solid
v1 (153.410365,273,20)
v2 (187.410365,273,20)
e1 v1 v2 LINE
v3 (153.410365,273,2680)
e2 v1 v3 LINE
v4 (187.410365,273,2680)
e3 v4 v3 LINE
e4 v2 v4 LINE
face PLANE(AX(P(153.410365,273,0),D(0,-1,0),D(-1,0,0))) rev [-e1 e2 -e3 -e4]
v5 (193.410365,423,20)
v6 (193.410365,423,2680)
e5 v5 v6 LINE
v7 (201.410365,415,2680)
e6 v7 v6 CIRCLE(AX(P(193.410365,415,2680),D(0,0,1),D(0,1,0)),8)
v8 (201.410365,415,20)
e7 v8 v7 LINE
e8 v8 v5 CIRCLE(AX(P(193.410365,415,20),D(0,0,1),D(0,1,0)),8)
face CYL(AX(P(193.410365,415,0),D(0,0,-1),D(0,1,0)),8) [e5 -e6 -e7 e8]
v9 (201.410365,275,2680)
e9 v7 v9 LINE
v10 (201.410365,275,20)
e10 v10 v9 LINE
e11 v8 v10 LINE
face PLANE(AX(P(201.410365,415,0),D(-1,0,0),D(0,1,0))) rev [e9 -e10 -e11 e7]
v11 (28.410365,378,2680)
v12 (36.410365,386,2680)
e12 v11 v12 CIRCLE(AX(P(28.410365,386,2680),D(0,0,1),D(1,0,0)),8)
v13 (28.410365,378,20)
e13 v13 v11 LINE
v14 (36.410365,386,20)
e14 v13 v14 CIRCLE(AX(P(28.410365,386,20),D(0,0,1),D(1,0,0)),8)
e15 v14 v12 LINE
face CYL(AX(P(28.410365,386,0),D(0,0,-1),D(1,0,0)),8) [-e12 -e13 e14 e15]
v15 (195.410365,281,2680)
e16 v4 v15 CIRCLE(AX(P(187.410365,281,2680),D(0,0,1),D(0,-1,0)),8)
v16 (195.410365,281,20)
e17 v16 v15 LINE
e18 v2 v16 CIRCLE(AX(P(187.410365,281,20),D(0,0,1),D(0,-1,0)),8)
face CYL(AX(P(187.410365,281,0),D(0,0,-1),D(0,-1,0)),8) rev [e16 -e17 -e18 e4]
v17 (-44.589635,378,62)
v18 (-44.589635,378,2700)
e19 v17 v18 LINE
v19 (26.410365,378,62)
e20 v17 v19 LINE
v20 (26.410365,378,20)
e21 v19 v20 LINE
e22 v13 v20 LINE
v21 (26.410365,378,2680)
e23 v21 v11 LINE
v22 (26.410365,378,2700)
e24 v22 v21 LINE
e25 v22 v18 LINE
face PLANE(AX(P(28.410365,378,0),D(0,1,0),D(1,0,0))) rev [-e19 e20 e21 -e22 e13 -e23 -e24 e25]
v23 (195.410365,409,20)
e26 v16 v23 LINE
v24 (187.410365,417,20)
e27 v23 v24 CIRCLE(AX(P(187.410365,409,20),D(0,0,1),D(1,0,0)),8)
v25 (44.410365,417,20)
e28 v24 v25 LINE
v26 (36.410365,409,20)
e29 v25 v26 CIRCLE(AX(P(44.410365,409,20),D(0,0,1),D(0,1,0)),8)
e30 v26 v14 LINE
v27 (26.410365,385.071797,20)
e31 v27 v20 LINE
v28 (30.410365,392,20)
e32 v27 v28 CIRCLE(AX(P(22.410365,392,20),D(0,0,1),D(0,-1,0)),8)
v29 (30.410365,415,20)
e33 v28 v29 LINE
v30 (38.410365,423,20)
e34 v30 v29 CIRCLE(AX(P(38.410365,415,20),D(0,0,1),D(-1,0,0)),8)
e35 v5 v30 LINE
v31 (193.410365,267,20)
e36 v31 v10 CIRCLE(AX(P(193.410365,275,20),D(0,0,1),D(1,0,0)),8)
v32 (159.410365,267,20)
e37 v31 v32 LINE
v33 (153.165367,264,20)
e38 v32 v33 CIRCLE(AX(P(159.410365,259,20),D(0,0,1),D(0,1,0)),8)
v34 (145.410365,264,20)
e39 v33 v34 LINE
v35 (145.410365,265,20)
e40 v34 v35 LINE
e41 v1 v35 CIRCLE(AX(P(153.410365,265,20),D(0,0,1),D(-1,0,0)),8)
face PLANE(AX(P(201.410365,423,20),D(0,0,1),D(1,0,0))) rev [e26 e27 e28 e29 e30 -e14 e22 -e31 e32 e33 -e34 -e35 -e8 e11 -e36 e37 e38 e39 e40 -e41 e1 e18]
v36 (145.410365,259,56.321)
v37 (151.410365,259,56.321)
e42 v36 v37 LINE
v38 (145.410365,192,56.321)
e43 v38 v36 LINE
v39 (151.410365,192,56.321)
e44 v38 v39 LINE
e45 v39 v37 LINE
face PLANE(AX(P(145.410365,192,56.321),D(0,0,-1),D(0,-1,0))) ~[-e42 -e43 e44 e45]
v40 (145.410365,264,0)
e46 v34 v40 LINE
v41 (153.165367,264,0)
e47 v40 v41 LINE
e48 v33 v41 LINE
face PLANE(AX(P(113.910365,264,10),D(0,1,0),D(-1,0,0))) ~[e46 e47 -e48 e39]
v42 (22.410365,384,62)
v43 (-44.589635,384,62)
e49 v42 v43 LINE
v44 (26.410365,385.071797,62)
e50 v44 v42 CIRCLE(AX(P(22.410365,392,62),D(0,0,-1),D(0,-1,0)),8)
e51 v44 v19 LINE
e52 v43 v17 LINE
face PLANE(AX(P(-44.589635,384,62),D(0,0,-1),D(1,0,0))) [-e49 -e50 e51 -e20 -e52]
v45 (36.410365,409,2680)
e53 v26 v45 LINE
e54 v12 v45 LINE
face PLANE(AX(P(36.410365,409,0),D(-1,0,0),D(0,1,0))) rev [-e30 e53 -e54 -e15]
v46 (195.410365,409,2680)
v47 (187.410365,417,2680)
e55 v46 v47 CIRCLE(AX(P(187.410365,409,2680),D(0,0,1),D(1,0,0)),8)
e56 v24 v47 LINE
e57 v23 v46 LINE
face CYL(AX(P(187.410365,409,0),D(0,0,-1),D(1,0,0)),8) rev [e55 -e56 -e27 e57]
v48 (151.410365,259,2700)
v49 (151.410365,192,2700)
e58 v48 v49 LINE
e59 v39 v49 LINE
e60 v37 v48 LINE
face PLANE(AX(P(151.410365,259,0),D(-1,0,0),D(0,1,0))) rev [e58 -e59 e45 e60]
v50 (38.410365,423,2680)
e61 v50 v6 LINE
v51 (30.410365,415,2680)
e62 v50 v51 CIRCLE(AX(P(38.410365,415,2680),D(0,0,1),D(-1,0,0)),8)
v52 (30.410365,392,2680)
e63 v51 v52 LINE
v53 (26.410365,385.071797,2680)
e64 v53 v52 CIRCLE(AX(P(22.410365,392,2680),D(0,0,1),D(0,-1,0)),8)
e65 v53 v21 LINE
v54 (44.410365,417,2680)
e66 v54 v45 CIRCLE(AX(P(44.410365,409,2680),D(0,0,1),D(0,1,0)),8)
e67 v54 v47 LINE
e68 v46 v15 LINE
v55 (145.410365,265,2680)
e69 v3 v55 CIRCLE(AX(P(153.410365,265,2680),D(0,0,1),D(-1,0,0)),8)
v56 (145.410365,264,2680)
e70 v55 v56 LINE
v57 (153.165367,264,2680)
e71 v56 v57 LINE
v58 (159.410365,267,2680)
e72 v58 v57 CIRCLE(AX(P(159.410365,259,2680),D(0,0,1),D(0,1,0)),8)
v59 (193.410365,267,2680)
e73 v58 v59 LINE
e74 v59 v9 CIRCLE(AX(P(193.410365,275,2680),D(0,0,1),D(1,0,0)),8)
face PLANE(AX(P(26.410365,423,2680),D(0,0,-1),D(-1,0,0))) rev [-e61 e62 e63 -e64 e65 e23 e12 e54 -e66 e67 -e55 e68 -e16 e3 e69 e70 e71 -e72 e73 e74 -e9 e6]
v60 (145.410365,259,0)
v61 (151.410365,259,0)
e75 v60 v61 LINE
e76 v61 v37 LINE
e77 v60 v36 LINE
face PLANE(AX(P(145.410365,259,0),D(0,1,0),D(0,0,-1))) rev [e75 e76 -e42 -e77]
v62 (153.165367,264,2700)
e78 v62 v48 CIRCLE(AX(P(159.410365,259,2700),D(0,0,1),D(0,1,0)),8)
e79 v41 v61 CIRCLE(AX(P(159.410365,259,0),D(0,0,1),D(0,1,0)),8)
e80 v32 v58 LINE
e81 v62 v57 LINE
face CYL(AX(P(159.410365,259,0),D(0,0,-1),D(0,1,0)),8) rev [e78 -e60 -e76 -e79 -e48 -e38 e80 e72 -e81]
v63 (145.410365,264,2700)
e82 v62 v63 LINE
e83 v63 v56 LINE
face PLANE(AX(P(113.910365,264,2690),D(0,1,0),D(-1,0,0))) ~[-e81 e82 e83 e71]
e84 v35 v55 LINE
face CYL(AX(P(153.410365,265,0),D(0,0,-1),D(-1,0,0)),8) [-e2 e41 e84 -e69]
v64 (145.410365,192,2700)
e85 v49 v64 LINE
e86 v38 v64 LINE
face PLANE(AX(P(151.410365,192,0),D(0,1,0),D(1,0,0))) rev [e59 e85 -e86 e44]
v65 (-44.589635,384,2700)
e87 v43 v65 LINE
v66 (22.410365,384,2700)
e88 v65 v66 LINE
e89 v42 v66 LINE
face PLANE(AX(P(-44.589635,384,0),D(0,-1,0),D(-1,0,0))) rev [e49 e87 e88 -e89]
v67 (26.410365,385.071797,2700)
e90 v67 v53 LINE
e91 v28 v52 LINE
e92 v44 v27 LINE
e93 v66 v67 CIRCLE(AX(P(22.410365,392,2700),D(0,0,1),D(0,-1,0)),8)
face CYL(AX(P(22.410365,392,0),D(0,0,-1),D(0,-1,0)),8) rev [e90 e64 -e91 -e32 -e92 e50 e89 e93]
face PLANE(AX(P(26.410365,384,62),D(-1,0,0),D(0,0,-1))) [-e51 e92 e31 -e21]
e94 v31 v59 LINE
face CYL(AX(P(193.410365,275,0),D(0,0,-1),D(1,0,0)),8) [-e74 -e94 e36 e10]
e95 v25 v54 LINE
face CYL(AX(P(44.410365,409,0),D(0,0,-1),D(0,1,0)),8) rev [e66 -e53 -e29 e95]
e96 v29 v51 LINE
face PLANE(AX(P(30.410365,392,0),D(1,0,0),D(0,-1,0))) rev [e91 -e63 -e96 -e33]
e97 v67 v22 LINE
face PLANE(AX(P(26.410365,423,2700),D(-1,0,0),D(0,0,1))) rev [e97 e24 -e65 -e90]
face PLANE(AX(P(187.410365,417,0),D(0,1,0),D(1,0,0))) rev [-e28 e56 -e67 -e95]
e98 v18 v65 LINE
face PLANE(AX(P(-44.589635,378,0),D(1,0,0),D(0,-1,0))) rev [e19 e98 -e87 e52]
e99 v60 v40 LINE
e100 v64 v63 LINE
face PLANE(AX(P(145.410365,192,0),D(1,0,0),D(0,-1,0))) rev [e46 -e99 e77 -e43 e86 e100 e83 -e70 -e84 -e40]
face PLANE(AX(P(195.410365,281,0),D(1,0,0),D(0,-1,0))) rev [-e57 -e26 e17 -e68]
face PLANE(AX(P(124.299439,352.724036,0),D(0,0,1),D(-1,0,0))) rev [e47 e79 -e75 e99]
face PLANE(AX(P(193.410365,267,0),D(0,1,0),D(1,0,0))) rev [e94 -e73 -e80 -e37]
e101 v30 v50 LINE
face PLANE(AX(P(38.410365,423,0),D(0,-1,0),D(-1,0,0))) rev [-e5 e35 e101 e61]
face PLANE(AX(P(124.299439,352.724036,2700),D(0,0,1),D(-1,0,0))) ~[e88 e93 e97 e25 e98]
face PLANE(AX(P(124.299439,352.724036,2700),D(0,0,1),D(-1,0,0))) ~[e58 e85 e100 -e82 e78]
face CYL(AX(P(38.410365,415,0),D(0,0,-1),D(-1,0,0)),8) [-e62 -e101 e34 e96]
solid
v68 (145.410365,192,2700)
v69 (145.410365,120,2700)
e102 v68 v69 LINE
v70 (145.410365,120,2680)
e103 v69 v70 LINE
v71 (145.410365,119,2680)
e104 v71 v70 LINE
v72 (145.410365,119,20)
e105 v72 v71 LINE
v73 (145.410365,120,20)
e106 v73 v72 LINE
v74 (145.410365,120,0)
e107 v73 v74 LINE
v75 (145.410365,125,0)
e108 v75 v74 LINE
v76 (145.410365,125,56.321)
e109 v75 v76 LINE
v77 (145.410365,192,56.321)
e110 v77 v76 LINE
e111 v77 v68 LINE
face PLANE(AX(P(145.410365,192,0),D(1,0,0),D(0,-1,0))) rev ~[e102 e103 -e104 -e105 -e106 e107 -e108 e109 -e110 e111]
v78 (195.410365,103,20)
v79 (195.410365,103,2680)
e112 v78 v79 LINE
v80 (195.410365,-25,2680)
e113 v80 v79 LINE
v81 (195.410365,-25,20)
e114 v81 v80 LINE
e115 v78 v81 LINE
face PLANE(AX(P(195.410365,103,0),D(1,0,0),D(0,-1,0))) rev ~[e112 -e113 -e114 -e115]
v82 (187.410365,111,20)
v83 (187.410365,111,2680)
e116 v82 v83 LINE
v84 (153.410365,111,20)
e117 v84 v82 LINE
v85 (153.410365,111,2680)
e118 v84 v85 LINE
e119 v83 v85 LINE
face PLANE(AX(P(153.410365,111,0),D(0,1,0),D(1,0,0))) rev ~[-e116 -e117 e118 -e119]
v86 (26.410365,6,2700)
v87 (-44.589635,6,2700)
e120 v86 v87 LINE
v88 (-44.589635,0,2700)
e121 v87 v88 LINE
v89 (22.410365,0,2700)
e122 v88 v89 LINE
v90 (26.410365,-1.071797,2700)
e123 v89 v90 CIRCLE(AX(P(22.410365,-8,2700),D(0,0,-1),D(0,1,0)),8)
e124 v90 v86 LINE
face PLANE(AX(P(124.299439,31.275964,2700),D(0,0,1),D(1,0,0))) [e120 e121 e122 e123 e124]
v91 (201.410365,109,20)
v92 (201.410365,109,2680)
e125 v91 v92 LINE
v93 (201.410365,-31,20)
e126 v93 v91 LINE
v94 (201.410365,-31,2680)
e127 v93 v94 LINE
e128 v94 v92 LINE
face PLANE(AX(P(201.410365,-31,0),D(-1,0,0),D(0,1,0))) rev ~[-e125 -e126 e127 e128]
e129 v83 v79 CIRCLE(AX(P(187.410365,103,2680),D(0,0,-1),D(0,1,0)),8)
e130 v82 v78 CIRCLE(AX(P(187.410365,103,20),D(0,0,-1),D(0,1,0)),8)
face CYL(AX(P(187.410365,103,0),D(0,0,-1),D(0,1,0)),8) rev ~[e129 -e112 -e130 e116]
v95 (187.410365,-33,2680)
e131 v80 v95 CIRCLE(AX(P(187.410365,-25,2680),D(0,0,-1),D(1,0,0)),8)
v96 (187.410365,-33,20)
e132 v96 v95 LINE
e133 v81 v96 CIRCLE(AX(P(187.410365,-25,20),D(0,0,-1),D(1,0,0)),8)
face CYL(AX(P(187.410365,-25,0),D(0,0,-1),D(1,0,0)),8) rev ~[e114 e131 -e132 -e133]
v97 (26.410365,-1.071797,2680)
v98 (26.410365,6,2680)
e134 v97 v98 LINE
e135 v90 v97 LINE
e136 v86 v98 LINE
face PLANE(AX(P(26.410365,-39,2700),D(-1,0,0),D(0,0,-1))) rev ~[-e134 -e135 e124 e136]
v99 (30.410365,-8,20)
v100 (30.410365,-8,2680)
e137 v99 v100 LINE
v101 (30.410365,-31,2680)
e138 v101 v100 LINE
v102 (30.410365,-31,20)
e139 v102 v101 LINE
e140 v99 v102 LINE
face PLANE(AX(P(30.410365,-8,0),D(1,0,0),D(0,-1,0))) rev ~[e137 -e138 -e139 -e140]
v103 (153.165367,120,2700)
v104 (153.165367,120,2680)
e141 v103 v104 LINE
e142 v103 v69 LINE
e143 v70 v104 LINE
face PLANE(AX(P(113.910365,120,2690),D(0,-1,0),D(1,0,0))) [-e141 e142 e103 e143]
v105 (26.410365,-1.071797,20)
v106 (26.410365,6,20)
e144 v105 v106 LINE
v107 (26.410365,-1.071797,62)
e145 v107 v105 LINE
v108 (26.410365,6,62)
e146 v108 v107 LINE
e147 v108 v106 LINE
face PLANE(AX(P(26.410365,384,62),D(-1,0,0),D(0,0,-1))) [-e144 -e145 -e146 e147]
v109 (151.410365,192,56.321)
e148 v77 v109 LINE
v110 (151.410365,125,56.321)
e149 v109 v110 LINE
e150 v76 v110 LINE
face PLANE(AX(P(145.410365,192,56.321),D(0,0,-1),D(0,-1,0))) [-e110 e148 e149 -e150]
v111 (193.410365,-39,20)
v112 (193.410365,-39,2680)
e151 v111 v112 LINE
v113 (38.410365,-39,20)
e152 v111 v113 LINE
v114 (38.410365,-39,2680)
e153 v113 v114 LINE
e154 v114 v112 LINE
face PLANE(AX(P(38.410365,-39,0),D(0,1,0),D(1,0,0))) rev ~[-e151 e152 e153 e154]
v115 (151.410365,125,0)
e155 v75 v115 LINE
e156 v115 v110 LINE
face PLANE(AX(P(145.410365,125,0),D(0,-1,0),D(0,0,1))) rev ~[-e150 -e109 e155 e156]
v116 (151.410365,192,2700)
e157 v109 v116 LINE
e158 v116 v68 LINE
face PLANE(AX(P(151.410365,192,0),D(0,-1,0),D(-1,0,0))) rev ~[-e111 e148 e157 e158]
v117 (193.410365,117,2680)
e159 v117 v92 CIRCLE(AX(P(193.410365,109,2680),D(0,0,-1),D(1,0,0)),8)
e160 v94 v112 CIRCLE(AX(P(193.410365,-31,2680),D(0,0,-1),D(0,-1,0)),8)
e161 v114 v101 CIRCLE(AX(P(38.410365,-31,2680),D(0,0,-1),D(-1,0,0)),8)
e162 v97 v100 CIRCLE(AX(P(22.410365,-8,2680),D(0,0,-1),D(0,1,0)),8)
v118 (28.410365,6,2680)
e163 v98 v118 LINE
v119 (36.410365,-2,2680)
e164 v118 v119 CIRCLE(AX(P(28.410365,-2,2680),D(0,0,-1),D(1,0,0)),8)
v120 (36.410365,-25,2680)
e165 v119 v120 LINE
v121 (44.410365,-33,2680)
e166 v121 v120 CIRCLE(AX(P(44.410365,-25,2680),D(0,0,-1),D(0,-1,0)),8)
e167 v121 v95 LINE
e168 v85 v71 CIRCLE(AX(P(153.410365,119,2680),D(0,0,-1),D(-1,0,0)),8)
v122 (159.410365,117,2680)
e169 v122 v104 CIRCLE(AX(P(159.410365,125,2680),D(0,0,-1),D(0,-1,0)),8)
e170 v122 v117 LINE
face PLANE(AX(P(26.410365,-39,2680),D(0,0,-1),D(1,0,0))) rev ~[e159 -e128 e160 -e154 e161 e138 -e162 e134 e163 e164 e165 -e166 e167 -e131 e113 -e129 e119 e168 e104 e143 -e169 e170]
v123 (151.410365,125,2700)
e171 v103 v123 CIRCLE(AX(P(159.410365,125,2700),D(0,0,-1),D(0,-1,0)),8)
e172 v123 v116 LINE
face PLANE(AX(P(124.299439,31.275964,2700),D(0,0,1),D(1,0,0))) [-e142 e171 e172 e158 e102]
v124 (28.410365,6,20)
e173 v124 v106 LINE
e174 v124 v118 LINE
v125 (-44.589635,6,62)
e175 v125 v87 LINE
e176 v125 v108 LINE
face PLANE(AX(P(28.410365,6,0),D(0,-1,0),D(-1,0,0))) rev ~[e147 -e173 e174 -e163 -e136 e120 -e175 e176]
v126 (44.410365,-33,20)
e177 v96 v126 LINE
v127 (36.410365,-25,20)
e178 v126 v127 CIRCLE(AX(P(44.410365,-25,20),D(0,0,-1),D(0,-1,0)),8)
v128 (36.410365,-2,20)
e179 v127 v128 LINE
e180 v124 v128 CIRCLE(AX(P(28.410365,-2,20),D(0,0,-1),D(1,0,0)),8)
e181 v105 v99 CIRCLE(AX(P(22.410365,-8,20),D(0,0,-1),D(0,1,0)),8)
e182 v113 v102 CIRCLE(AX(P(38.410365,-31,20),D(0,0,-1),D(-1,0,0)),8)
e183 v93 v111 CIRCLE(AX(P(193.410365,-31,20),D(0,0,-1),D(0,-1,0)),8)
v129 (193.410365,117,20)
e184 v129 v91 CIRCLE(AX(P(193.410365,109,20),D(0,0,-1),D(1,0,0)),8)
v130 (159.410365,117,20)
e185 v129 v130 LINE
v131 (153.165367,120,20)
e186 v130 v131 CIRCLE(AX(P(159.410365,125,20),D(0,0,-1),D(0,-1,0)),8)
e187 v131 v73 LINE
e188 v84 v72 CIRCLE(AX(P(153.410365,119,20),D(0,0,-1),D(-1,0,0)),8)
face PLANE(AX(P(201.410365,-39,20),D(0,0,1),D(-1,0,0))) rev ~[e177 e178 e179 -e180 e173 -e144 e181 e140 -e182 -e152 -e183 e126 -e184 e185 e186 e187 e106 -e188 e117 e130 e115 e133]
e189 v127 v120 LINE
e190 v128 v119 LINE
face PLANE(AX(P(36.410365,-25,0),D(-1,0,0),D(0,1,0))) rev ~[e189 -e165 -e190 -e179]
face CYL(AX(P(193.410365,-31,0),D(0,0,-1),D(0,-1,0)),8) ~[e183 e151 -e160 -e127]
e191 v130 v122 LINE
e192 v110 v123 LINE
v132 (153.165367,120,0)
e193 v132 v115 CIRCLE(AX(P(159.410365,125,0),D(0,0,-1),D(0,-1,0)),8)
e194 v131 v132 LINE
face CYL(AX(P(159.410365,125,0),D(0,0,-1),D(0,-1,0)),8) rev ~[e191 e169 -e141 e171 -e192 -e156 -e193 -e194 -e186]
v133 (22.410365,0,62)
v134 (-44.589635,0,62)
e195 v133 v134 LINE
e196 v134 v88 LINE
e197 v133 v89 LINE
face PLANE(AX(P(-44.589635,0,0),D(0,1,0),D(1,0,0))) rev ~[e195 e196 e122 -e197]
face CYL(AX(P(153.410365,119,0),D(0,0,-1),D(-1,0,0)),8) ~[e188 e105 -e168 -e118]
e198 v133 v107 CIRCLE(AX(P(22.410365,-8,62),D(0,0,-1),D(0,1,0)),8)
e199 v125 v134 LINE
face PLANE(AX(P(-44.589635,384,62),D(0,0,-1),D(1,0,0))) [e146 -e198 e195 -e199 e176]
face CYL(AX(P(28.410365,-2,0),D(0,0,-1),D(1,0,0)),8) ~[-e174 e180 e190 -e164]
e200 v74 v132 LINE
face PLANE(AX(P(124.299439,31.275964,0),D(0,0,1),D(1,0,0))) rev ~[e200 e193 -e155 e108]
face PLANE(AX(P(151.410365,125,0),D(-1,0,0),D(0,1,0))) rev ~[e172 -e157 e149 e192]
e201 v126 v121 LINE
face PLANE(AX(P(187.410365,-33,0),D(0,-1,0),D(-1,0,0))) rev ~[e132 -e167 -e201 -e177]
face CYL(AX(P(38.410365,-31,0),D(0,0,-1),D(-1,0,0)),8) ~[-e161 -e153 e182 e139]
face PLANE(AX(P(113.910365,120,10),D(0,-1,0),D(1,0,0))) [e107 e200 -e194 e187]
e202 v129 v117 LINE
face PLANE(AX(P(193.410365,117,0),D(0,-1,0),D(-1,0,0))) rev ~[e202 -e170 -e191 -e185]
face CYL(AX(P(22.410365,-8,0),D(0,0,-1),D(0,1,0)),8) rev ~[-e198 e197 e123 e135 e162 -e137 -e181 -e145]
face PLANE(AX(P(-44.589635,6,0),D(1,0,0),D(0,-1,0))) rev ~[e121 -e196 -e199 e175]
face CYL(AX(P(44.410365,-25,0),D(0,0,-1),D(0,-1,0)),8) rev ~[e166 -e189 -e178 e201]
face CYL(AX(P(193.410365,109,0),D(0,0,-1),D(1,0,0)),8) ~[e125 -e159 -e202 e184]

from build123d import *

# Parameters (mm, degrees)
F1_DEPTH      = 2700
F3_DEPTH      = 159
F4_W          = 67
F4_H          = 56.321
F5_DEPTH      = 25
F7_W          = 67
F7_H          = 62
F8_DEPTH      = 423.001
F8_DEPTH_BACK = 39.001


with BuildPart() as f1:
    # F0 (on Top) → F1 (new body)
    with BuildSketch(Plane.XY):
        with BuildLine():
            Line((-44.5896353125, 6), (-44.5896353125, 0))
            Line((-44.5896353125, 0), (22.4103646875, 0))
            ThreePointArc((22.4103646875, 0), (28.067218937, -2.3431457505), (30.4103646875, -8))
            Line((30.4103646875, -8), (30.4103646875, -31))
            ThreePointArc((30.4103646875, -31), (32.753510438, -36.6568542495), (38.4103646875, -39))
            Line((38.4103646875, -39), (193.4103646875, -39))
            ThreePointArc((193.4103646875, -39), (199.067218937, -36.6568542495), (201.4103646875, -31))
            Line((201.4103646875, -31), (201.4103646875, 109))
            ThreePointArc((201.4103646875, 109), (199.067218937, 114.6568542495), (193.4103646875, 117))
            Line((193.4103646875, 117), (159.4103646875, 117))
            ThreePointArc((159.4103646875, 117), (153.753510438, 119.3431457505), (151.4103646875, 125))
            Line((151.4103646875, 125), (151.4103646875, 192))
            Line((151.4103646875, 192), (145.4103646875, 192))
            Line((145.4103646875, 192), (145.4103646875, 119))
            ThreePointArc((145.4103646875, 119), (147.753510438, 113.3431457505), (153.4103646875, 111))
            Line((153.4103646875, 111), (187.4103646875, 111))
            ThreePointArc((187.4103646875, 111), (193.067218937, 108.6568542495), (195.4103646875, 103))
            Line((195.4103646875, 103), (195.4103646875, -25))
            ThreePointArc((195.4103646875, -25), (193.067218937, -30.6568542495), (187.4103646875, -33))
            Line((187.4103646875, -33), (44.4103646875, -33))
            ThreePointArc((44.4103646875, -33), (38.753510438, -30.6568542495), (36.4103646875, -25))
            Line((36.4103646875, -25), (36.4103646875, -2))
            ThreePointArc((36.4103646875, -2), (34.067218937, 3.6568542495), (28.4103646875, 6))
            Line((28.4103646875, 6), (-44.5896353125, 6))
        make_face()
    extrude(amount=F1_DEPTH)

    # F2 (on face) → F3 (cut)
    with BuildSketch(Plane.XZ.offset(39)):
        Polygon((201.4103646875, 0), (201.4103646875, 20), (193.4103646875, 20), (26.4103646875, 20), (26.4103646875, 0), (38.4103646875, 0), (193.4103646875, 0), align=None)
        Polygon((193.4103646875, 2700), (38.4103646875, 2700), (26.4103646875, 2700), (26.4103646875, 2680), (193.4103646875, 2680), (201.4103646875, 2680), (201.4103646875, 2700), align=None)
    extrude(amount=-F3_DEPTH, mode=Mode.SUBTRACT)

    # F4 (on face) → F5 (cut)
    with BuildSketch(Plane(origin=(145.4103646875, 0, 0), x_dir=(0, -1, 0), z_dir=(-1, 0, 0))):
        with Locations((-158.5, 28.1605)):
            Rectangle(F4_W, F4_H)
    extrude(amount=-F5_DEPTH, mode=Mode.SUBTRACT)


with BuildPart() as f6_1:
    # F6: instance of F1
    add(f1.part.mirror(Plane(origin=(148.4103646875, 192, 1378.1605), x_dir=(-1, 0, 0), z_dir=(0, 1, 0))))


with BuildPart() as f8_tool:
    # F7 (on face) → F8 (new body, two sides)
    with BuildSketch(Plane(origin=(0, 384, 0), x_dir=(-1, 0, 0), z_dir=(0, 1, 0))) as f8_sk:
        Polygon((-22.4103646875, 0), (-22.4103646875, 62), (-26.4103646875, 62), (-26.4103646875, 20), (-26.4103646875, 0), align=None)
        with Locations((11.0896353125, 31)):
            Rectangle(F7_W, F7_H)
    extrude(amount=-F8_DEPTH)
    extrude(f8_sk.sketch, amount=F8_DEPTH_BACK)


with BuildPart() as f1_1:
    add(f1.part)

    # F8: cut by f8_tool
    add(f8_tool.part, mode=Mode.SUBTRACT)


with BuildPart() as f6_1_1:
    add(f6_1.part)

    # F8: cut by f8_tool
    add(f8_tool.part, mode=Mode.SUBTRACT)


solid = Compound([f1_1.part, f6_1_1.part])
